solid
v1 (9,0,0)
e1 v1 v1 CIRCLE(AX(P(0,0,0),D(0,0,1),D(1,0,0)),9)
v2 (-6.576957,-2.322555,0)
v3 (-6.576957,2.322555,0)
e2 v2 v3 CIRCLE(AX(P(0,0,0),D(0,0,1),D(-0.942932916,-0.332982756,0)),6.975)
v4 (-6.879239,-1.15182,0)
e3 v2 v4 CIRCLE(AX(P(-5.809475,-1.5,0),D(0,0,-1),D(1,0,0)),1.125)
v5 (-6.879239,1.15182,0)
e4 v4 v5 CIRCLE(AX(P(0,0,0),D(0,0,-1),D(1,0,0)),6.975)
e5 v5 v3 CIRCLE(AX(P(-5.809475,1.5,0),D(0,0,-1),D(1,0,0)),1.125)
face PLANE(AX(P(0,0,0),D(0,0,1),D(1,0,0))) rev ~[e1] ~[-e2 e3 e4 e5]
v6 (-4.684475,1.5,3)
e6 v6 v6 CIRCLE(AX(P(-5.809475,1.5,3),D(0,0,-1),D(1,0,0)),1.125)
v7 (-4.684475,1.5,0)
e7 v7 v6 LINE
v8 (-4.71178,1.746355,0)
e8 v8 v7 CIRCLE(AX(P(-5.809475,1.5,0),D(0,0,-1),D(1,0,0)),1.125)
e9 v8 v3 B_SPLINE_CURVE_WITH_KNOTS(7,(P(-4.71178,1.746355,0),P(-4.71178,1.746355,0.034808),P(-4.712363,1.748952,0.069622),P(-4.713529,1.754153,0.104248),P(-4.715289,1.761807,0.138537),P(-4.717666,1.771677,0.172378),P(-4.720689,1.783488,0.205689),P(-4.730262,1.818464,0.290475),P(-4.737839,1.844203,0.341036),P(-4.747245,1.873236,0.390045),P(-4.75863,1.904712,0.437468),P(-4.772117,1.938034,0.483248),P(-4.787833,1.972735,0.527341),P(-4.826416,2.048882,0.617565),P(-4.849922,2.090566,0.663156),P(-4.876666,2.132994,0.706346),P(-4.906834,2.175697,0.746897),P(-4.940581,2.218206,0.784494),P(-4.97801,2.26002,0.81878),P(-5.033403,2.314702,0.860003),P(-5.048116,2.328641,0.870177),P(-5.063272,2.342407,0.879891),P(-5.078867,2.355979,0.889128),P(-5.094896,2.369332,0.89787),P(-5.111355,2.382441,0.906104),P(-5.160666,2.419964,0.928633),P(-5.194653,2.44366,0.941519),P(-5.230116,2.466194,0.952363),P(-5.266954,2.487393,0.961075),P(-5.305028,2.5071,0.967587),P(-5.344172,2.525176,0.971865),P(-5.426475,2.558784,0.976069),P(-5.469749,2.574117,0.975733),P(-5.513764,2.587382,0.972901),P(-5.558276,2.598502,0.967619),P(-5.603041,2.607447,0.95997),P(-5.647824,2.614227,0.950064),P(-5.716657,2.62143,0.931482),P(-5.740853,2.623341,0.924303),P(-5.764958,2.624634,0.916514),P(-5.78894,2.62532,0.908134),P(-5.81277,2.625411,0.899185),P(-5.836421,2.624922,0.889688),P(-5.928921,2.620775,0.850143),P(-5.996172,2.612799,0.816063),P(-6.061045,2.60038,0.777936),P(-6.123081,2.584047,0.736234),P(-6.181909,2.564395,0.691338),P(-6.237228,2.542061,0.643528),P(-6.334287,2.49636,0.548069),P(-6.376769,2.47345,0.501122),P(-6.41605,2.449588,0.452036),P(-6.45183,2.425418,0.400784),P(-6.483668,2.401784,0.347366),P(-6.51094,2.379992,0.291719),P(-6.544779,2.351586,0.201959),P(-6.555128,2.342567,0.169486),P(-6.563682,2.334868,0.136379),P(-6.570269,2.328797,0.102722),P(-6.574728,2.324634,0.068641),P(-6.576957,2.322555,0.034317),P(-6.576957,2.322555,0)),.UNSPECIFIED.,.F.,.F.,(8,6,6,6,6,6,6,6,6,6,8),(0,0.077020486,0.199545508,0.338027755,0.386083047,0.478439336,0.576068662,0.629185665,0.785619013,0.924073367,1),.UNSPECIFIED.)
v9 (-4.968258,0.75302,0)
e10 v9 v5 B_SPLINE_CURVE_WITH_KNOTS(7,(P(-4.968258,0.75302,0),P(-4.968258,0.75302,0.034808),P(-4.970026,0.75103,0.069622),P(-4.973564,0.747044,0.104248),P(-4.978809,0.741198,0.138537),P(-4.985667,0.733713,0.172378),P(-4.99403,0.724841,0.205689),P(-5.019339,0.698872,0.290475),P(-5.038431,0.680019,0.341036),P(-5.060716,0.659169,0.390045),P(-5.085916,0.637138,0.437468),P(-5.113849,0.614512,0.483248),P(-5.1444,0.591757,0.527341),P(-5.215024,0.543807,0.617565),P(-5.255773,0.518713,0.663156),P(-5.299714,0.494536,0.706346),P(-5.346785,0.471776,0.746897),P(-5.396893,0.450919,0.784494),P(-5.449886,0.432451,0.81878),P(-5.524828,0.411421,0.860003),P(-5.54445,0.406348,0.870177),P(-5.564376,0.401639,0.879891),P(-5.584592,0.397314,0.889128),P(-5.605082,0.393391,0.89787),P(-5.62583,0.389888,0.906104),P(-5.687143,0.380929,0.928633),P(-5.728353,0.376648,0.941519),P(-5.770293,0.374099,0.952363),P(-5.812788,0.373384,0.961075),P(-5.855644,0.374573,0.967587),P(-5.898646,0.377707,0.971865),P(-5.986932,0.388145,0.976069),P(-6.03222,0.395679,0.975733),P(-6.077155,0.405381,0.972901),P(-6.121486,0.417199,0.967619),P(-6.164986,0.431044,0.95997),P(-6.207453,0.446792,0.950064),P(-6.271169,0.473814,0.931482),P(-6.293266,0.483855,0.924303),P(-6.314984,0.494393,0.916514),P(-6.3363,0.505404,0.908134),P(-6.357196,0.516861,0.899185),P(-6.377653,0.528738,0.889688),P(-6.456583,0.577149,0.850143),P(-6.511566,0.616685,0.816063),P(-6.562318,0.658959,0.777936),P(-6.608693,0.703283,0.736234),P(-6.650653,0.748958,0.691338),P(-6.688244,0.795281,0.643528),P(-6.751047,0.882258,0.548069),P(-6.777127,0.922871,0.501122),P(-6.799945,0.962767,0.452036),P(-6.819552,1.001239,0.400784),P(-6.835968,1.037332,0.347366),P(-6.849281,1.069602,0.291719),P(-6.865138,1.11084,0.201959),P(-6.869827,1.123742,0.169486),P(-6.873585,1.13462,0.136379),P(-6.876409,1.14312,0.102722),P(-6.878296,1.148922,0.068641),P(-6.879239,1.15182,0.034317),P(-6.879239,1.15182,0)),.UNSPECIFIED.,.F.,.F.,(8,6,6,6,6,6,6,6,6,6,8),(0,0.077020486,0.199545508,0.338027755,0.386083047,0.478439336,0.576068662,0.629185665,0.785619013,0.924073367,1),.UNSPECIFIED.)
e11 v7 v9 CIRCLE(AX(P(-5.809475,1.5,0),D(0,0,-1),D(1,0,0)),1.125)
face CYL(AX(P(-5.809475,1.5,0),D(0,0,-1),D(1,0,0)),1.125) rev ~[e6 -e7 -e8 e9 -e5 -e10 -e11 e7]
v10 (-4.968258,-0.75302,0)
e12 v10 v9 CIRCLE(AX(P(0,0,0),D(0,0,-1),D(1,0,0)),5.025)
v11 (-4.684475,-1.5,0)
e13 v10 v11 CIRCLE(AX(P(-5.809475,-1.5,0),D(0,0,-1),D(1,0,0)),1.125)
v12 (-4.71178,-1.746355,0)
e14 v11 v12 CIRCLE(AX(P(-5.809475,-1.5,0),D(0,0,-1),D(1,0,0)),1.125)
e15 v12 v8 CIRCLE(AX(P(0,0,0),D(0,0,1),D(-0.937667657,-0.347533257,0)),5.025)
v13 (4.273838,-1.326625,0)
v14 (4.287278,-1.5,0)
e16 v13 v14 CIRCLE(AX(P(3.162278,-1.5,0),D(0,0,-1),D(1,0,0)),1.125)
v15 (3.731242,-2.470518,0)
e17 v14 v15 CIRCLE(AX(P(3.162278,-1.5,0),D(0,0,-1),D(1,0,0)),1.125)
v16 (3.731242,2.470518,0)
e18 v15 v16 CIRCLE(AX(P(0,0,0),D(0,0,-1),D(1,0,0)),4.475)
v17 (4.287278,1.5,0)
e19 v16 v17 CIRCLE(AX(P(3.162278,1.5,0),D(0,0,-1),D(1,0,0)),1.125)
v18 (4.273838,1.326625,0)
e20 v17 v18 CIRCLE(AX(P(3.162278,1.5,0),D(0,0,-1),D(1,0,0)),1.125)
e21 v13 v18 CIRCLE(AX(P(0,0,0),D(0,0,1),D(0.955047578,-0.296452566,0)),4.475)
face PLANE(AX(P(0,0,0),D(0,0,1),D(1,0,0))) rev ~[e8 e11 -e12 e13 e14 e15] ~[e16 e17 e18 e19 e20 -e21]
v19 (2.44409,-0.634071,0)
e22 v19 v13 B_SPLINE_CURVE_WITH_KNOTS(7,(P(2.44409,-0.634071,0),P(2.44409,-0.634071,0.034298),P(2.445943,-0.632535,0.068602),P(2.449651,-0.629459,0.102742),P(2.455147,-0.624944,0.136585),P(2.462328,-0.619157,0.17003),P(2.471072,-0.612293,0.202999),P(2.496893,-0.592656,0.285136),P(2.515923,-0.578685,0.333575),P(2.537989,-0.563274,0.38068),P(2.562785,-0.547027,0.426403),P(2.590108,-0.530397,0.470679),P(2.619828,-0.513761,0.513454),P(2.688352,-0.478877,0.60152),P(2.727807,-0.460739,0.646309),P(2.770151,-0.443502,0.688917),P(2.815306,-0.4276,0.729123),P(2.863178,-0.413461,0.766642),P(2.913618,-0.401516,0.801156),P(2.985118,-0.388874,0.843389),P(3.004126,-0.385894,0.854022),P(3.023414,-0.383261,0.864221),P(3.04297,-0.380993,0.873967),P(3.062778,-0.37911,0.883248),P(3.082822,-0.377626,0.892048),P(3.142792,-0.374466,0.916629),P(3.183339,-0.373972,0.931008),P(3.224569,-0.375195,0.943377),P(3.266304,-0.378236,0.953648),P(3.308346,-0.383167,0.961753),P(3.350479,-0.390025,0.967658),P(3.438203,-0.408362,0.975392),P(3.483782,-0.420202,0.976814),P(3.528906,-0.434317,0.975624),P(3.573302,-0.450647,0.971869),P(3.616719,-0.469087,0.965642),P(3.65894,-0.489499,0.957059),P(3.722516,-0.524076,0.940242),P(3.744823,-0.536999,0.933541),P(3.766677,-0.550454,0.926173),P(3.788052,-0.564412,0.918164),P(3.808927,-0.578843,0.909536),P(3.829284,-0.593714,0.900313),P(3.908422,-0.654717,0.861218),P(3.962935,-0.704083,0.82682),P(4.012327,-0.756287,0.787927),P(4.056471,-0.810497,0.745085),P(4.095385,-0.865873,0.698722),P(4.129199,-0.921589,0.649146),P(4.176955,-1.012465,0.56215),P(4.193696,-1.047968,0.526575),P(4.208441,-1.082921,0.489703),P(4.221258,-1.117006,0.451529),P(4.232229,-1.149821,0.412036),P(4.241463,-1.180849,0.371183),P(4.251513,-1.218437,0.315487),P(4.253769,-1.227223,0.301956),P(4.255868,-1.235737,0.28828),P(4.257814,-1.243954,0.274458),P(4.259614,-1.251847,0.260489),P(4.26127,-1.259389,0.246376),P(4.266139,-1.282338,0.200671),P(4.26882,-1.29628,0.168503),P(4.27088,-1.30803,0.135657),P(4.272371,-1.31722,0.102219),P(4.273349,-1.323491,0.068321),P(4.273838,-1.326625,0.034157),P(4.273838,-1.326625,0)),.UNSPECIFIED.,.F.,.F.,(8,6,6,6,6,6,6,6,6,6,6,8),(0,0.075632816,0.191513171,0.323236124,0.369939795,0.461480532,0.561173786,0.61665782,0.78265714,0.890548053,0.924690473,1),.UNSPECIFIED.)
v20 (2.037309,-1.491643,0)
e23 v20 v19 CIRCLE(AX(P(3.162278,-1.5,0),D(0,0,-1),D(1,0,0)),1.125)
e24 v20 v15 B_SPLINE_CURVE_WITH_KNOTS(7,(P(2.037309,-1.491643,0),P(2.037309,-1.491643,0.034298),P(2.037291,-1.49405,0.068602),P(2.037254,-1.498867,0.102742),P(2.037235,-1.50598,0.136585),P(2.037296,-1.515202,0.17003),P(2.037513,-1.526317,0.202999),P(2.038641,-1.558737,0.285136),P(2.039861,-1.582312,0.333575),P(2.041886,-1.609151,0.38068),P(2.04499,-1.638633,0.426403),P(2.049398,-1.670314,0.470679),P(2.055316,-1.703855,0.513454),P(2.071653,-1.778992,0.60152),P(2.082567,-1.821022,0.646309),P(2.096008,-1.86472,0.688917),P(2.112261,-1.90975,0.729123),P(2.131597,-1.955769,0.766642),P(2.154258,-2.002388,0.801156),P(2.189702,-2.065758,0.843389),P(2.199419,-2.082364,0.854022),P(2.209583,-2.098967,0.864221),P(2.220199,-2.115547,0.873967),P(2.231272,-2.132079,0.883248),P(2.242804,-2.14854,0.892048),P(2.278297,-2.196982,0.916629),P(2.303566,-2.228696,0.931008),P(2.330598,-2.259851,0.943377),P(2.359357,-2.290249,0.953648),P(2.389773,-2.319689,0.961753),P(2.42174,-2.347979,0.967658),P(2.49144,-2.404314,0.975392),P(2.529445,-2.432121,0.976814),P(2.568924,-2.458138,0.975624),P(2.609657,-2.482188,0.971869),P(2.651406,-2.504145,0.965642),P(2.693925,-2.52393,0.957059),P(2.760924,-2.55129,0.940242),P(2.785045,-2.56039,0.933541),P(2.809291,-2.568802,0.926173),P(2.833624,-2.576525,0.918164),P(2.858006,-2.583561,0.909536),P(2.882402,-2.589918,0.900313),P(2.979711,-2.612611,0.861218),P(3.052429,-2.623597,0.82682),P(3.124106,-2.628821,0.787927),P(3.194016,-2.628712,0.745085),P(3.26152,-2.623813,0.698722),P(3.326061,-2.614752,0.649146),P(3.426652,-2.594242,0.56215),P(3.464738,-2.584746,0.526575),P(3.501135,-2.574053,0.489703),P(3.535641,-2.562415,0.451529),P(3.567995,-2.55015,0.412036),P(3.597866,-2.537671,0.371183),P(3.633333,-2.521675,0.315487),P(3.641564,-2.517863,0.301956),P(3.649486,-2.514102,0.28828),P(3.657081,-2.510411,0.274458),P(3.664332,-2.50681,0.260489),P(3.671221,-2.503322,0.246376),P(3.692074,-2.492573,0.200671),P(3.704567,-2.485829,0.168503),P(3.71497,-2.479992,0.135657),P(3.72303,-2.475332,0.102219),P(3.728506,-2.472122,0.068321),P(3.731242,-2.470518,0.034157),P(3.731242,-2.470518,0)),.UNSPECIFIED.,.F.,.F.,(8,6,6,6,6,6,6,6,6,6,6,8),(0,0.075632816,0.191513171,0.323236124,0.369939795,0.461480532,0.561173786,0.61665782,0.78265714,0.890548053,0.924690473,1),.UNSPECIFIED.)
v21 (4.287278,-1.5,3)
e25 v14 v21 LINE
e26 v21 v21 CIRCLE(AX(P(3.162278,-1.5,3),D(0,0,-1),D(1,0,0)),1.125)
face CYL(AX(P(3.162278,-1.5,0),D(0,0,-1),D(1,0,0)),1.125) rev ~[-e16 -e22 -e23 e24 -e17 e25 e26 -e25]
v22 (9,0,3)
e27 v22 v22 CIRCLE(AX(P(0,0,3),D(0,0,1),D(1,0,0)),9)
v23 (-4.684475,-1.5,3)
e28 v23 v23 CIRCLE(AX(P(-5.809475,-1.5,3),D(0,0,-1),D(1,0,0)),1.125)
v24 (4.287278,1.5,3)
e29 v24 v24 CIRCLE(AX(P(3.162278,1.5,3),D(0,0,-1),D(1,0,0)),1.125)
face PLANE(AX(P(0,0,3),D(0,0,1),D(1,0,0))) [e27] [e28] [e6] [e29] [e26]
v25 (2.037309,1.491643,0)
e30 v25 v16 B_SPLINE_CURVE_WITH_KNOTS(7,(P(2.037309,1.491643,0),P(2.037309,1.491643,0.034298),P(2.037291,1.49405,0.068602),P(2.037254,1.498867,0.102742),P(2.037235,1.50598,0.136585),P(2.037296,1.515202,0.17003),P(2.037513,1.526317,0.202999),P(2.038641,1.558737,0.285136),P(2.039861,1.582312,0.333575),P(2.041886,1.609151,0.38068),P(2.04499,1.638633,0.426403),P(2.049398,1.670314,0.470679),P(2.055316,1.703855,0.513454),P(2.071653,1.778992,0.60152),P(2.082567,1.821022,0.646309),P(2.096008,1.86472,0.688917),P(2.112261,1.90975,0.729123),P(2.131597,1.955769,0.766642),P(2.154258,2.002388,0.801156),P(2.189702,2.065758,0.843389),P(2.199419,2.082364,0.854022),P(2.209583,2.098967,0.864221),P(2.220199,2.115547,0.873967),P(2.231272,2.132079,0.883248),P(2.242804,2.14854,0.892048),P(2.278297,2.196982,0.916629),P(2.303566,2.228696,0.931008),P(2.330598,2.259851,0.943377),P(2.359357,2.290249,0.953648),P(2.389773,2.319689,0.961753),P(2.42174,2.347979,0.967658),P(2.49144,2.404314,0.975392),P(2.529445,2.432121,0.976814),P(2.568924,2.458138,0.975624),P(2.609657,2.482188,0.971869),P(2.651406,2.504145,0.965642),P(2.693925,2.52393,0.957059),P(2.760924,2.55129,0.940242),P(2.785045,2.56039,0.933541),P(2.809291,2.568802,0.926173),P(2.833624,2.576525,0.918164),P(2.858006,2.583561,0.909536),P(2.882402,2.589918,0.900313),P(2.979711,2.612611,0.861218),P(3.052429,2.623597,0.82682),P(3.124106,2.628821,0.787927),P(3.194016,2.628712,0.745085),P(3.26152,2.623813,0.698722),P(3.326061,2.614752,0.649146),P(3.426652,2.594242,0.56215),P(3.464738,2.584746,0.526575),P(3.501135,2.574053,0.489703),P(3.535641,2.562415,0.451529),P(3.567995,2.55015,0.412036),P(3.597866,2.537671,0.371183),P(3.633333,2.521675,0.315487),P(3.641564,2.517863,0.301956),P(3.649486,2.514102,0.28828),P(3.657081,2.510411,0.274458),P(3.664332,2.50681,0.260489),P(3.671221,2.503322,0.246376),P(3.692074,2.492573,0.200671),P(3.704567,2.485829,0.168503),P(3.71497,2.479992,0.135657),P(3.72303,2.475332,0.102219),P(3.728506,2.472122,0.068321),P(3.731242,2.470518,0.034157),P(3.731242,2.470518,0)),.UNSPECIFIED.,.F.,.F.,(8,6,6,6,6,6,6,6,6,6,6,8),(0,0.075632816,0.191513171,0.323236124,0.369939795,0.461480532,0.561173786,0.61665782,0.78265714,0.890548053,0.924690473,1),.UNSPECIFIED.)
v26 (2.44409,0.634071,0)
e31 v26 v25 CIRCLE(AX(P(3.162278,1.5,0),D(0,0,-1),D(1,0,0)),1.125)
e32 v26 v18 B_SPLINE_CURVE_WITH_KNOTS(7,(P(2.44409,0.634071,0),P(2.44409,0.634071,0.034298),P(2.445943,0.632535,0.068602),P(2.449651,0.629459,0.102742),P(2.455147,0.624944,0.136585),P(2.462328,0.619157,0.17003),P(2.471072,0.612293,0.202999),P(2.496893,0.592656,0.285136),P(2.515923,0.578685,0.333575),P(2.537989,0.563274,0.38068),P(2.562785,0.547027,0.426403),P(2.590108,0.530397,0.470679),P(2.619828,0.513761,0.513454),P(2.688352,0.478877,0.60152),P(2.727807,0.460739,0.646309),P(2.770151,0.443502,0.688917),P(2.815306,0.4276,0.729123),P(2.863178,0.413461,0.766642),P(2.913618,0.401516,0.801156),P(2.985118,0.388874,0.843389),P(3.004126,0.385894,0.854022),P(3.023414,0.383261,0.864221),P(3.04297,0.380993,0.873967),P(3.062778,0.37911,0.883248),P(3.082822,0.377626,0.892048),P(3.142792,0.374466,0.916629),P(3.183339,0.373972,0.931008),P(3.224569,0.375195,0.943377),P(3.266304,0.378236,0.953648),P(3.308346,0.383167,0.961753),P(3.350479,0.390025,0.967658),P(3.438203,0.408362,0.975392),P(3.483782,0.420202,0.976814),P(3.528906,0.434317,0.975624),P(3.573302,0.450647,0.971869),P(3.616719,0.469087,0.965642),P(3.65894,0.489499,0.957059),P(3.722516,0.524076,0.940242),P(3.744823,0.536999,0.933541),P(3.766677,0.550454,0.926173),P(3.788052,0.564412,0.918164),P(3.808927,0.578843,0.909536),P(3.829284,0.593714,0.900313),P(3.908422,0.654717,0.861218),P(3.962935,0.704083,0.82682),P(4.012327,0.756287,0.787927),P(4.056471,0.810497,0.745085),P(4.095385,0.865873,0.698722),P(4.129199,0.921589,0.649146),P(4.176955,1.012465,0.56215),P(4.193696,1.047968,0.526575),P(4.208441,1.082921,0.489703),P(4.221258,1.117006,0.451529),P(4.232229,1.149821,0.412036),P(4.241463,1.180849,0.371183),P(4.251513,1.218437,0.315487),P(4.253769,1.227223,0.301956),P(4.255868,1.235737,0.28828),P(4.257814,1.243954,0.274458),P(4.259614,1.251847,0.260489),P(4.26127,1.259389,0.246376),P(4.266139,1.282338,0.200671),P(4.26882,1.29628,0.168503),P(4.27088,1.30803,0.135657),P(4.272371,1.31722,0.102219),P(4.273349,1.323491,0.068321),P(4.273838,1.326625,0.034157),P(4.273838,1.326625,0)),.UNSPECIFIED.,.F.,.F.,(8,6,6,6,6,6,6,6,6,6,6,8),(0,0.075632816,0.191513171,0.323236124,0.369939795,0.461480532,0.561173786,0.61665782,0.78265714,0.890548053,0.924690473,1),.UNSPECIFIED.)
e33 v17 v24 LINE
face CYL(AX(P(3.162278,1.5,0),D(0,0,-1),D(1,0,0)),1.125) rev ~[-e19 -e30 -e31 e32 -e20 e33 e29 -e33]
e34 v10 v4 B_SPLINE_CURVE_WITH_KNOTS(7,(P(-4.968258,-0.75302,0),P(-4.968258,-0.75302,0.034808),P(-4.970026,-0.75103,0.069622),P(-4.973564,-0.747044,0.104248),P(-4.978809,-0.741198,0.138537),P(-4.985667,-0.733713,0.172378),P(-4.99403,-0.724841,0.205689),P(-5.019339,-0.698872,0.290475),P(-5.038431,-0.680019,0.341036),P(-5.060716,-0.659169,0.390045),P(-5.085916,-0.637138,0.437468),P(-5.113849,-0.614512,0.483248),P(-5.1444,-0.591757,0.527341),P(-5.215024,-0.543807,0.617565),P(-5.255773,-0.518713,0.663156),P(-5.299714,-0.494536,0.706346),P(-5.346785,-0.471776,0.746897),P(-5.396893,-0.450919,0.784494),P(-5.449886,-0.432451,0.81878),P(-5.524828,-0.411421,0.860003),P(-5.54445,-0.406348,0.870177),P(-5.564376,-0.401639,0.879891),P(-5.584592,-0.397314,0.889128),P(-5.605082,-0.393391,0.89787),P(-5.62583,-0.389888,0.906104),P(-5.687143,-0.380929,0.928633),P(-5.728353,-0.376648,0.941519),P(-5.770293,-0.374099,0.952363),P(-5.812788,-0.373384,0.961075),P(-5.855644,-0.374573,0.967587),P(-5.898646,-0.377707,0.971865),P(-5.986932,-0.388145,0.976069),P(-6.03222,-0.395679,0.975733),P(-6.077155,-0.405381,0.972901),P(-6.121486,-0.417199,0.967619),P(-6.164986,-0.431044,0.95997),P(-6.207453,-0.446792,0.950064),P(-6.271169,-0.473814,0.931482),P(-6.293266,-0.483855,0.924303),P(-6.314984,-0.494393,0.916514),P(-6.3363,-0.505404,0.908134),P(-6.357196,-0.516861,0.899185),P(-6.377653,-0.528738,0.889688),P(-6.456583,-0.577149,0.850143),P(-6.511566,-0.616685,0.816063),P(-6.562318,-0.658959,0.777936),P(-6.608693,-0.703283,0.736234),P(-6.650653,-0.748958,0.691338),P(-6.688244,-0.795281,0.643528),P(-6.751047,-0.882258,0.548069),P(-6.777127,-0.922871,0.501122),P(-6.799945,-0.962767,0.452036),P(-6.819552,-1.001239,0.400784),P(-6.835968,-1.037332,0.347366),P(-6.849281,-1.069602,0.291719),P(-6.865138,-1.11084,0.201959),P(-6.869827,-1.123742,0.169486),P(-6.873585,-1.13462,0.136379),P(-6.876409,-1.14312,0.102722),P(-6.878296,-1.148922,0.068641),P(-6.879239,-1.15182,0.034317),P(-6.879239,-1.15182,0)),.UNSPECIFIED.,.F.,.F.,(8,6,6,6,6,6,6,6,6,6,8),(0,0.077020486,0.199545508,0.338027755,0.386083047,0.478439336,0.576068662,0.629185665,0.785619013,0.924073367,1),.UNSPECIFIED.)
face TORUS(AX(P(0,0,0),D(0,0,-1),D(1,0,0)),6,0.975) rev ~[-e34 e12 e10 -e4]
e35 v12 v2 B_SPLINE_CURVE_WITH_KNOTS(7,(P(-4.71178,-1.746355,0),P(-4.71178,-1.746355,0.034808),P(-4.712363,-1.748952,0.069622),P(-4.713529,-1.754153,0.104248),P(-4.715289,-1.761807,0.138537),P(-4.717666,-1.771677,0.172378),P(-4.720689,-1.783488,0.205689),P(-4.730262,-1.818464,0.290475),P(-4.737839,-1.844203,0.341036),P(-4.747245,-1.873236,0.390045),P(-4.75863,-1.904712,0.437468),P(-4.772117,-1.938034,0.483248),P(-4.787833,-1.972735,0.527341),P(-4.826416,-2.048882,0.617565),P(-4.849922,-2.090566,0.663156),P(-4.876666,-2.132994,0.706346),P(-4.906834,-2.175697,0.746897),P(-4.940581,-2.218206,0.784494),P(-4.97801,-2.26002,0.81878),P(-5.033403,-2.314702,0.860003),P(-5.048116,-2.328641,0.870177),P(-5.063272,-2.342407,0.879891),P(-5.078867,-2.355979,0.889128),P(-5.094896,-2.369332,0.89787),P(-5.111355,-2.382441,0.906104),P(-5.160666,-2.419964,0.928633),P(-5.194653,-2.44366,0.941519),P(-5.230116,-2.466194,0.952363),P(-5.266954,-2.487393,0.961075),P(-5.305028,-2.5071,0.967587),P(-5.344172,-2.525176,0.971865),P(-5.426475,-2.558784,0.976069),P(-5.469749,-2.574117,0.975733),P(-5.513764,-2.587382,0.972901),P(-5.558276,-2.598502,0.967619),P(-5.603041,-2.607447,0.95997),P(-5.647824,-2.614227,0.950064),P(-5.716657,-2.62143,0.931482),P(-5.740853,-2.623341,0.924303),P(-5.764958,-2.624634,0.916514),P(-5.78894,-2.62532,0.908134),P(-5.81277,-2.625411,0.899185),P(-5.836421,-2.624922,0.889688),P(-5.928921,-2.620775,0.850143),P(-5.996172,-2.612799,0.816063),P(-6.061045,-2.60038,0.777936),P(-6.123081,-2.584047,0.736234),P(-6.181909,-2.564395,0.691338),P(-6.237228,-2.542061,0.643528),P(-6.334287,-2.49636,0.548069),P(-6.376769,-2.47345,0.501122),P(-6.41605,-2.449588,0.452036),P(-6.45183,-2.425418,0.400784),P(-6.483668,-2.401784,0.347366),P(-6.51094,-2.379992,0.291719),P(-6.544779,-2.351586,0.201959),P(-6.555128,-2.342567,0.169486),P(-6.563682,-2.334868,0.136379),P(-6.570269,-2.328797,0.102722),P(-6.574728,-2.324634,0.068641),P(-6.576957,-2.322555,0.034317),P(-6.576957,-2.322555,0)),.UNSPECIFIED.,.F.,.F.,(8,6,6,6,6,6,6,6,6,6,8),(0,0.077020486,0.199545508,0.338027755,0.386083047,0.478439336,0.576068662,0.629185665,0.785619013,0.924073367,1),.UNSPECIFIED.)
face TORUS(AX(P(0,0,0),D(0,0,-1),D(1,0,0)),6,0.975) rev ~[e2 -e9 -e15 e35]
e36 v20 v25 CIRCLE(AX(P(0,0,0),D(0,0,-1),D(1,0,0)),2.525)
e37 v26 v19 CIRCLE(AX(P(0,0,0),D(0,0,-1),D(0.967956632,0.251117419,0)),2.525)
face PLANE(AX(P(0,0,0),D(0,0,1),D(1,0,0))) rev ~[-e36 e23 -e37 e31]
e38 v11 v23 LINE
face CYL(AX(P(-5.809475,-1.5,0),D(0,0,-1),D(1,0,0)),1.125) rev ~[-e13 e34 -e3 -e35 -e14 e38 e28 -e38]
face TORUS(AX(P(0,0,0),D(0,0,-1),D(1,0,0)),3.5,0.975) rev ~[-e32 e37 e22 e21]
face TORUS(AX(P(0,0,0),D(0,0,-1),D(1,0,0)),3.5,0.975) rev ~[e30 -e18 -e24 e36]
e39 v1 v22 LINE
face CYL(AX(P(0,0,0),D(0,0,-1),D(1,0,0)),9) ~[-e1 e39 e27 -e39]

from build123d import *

# Parameters (mm, degrees)
F1_R     = 9
F2_DEPTH = 3
F4_R     = 0.975
F6_R     = 1.125
F7_DEPTH = 3


with BuildPart() as f2:
    # F1 (on Top) → F2 (new body)
    with BuildSketch(Plane.XY):
        Circle(F1_R)
    extrude(amount=F2_DEPTH)

    # F5: sweep along a path in F3
    with BuildLine(Plane(origin=(0, 0, 0), x_dir=(1, 0, 0), z_dir=(0, 0, -1))) as f5_path:
        CenterArc((0, 0), 6, 0, 360)
    # F4 (on Front) → F5 (sweep, cut)
    with BuildSketch(Plane.XZ):
        with Locations((3.5, 0)):
            Circle(F4_R)
        with Locations((6, 0)):
            Circle(F4_R)
    sweep(path=f5_path.line, mode=Mode.SUBTRACT)

    # F6 (on face) → F7 (cut, through all)
    with BuildSketch(Plane(origin=(0, 0, 0), x_dir=(1, 0, 0), z_dir=(0, 0, -1))):
        with Locations((-5.8094750193, 1.5)):
            Circle(F6_R)
        with Locations((-5.8094750193, -1.5)):
            Circle(F6_R)
        with Locations((3.1622776602, 1.5)):
            Circle(F6_R)
        with Locations((3.1622776602, -1.5)):
            Circle(F6_R)
    extrude(amount=-F7_DEPTH, mode=Mode.SUBTRACT)


solid = f2.part
